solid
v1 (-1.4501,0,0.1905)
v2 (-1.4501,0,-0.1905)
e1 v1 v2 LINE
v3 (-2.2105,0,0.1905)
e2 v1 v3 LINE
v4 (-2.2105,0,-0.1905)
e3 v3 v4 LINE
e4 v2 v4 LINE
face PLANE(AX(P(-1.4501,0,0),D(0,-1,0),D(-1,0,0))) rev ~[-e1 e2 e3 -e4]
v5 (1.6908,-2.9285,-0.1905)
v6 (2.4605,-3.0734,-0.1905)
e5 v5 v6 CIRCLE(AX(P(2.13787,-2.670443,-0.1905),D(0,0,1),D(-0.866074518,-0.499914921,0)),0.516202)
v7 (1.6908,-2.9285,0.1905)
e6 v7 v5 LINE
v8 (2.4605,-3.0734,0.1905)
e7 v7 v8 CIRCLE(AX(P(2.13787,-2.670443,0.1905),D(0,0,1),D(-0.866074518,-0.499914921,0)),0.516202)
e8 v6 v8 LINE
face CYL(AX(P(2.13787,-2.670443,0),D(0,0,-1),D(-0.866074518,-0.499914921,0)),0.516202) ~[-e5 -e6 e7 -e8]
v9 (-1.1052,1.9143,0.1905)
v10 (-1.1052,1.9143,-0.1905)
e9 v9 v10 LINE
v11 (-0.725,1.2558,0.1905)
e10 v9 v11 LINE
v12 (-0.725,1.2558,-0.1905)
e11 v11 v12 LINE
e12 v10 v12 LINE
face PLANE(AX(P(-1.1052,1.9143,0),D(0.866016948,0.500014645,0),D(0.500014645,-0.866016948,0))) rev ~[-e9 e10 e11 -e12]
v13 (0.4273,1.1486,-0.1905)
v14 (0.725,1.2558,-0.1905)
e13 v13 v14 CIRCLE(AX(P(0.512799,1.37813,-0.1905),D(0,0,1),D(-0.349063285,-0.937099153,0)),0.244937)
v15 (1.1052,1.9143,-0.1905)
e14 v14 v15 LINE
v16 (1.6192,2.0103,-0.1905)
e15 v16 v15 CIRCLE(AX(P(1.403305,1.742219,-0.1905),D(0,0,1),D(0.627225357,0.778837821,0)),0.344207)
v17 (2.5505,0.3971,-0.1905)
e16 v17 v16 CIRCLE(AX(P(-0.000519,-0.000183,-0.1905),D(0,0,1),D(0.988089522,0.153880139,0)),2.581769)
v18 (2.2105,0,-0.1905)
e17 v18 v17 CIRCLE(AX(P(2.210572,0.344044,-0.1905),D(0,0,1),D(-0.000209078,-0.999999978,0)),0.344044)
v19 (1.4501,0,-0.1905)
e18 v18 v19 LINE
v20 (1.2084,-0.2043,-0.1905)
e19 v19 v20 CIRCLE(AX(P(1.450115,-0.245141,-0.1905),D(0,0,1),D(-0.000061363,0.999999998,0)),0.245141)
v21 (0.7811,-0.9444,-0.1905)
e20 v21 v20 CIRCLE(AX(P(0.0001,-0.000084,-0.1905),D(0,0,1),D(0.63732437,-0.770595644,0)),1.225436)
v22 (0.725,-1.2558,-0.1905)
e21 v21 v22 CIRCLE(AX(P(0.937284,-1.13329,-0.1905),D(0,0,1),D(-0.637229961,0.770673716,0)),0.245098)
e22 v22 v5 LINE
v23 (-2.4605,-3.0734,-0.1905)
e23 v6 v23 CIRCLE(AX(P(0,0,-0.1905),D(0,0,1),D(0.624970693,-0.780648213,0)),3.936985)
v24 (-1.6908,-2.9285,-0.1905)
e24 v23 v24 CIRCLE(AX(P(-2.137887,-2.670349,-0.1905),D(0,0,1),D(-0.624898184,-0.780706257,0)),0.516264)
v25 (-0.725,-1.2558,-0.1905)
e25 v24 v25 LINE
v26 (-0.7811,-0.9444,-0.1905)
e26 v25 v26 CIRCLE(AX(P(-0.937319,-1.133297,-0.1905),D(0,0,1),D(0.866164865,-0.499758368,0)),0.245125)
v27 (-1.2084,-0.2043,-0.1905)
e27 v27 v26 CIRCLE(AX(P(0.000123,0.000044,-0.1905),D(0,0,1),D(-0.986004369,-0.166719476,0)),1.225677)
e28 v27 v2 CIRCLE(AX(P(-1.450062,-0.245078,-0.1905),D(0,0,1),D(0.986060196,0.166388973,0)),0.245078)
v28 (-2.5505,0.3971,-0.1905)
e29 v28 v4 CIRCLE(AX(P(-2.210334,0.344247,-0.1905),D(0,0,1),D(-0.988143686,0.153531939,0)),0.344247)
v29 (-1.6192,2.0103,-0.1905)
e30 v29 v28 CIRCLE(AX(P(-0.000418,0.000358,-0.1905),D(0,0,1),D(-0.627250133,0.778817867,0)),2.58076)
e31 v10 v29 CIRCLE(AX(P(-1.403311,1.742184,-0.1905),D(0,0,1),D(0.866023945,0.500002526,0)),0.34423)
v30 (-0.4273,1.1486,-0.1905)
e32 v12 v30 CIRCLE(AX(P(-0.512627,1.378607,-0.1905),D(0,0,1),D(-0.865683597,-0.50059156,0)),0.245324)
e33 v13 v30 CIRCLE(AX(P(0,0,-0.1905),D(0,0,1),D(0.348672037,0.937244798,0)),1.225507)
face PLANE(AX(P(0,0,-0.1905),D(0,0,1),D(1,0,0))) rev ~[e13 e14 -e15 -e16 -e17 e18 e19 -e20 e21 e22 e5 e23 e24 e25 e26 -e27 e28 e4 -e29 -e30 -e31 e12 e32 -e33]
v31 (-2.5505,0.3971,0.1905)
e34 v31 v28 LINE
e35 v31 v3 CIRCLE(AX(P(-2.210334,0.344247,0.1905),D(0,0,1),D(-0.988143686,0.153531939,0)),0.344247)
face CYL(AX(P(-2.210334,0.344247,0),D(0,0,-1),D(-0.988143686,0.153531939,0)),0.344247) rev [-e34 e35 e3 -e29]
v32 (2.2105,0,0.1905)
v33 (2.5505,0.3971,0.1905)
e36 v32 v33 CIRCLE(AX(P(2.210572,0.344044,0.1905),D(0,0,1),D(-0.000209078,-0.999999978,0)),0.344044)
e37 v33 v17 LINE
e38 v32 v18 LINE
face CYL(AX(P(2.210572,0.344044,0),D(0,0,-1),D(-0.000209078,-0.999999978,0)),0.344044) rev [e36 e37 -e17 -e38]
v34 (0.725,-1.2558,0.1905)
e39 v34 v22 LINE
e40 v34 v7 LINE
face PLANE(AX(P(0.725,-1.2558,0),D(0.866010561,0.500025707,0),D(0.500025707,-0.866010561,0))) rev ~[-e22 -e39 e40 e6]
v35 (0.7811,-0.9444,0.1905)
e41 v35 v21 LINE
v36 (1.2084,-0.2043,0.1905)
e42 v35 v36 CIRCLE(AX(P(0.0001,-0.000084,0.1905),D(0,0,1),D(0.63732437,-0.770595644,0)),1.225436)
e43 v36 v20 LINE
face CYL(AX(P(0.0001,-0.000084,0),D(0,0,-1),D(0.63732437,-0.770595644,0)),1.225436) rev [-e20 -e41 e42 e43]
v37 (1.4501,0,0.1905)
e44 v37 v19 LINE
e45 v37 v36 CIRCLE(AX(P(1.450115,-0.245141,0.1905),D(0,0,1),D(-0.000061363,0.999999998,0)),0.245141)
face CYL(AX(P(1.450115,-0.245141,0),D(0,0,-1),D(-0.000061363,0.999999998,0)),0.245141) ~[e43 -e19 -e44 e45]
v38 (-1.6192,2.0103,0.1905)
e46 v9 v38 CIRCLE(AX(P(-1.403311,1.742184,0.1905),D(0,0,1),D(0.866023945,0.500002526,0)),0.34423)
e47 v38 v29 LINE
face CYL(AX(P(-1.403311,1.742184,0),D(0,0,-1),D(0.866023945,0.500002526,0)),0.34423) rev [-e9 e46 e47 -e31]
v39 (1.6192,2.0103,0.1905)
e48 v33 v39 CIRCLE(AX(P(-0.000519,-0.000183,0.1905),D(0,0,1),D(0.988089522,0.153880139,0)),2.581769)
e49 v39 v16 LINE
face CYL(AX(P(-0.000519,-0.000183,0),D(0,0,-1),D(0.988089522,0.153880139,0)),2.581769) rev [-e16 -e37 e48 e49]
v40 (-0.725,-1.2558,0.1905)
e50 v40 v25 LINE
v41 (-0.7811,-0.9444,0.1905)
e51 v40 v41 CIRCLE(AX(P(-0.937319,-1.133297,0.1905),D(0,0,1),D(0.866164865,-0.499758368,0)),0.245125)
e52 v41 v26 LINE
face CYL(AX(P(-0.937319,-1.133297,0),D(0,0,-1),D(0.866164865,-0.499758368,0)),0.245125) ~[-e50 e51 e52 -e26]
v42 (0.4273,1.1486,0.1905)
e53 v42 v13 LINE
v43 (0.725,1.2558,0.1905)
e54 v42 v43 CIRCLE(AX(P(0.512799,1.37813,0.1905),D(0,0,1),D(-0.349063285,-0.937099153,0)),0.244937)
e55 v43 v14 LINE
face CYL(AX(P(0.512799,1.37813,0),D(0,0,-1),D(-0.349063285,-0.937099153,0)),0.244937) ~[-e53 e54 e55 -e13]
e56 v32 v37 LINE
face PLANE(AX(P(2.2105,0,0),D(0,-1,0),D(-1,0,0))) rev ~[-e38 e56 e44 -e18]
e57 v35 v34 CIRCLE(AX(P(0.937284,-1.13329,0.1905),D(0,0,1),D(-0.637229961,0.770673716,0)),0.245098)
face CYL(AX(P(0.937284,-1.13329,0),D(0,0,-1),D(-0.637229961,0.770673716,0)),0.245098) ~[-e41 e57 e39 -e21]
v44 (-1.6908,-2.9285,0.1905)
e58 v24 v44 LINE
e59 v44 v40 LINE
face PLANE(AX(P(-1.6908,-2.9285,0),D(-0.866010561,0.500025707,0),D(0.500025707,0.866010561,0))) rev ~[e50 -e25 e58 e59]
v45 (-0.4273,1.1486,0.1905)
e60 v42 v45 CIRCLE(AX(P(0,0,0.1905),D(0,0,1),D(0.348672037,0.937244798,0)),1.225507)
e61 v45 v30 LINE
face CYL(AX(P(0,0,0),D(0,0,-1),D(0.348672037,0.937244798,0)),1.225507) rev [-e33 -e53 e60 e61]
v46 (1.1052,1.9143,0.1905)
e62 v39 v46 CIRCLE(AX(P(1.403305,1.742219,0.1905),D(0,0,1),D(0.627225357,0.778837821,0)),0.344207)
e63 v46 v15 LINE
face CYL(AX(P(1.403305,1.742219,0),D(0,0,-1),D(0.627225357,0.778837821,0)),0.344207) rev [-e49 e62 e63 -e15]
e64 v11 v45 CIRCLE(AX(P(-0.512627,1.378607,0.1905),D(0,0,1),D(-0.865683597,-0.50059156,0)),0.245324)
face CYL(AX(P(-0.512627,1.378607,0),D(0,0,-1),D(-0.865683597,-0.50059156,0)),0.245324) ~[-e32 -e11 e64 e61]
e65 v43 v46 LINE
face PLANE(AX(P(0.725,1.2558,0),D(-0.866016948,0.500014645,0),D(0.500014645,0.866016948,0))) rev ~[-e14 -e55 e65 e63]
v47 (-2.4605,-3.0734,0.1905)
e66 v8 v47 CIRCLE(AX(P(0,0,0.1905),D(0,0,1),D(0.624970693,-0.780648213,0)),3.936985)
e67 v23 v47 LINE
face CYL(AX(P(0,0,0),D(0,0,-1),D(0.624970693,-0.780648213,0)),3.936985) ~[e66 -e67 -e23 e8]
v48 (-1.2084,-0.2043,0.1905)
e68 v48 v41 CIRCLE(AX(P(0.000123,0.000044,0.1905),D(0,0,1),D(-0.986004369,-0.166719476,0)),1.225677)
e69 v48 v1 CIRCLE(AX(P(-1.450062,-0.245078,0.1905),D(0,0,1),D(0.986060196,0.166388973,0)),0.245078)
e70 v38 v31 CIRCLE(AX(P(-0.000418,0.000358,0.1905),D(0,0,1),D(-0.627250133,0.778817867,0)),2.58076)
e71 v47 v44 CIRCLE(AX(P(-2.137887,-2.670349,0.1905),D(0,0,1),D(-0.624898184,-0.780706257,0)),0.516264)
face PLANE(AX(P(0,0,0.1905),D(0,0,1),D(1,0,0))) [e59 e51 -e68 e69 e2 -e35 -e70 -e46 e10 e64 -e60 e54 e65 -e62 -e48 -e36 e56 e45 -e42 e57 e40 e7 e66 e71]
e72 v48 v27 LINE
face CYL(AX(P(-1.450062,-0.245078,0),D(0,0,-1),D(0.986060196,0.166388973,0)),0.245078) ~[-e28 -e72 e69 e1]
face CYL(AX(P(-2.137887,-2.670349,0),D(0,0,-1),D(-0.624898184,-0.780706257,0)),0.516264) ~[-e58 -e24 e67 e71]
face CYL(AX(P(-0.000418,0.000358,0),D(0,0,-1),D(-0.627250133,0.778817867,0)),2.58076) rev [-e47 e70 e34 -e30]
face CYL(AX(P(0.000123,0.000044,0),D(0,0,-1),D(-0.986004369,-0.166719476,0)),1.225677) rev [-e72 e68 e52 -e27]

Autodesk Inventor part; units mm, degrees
sketch "Sketch_1" plane through (0, 0, 0) normal (0, 0, 1) x (1, 0, 0)
  arc A0 (2.4605, -3.0734) -> (-2.4605, -3.0734) centre (0, 0) ccw
  arc A1 (-2.4605, -3.0734) -> (-1.6908, -2.9285) centre (-2.1379, -2.6704) ccw
  line L0 (-1.6908, -2.9285) -> (-0.725, -1.2558)
  arc A2 (-0.725, -1.2558) -> (-0.7811, -0.9444) centre (-0.9373, -1.1333) ccw
  arc A3 (-1.2084, -0.2043) -> (-0.7811, -0.9444) centre (0, 0) ccw
  arc A4 (-1.2084, -0.2043) -> (-1.4501, 0) centre (-1.4501, -0.2451) ccw
  line L1 (-1.4501, 0) -> (-2.2105, 0)
  arc A5 (-2.5505, 0.3971) -> (-2.2105, 0) centre (-2.2105, 0.3442) ccw
  arc A6 (-1.6192, 2.0103) -> (-2.5505, 0.3971) centre (0, 0) ccw
  arc A7 (-1.1052, 1.9143) -> (-1.6192, 2.0103) centre (-1.4033, 1.7422) ccw
  line L2 (-1.1052, 1.9143) -> (-0.725, 1.2558)
  arc A8 (-0.725, 1.2558) -> (-0.4273, 1.1486) centre (-0.5128, 1.3784) ccw
  arc A9 (0.4273, 1.1486) -> (-0.4273, 1.1486) centre (0, 0) ccw
  arc A10 (0.4273, 1.1486) -> (0.725, 1.2558) centre (0.5128, 1.3784) ccw
  line L3 (0.725, 1.2558) -> (1.1052, 1.9143)
  arc A11 (1.6192, 2.0103) -> (1.1052, 1.9143) centre (1.4033, 1.7422) ccw
  arc A12 (2.5505, 0.3971) -> (1.6192, 2.0103) centre (0, 0) ccw
  arc A13 (2.2105, 0) -> (2.5505, 0.3971) centre (2.2105, 0.3442) ccw
  line L4 (2.2105, 0) -> (1.4501, 0)
  arc A14 (1.4501, 0) -> (1.2084, -0.2043) centre (1.4501, -0.2451) ccw
  arc A15 (0.7811, -0.9444) -> (1.2084, -0.2043) centre (0, 0) ccw
  arc A16 (0.7811, -0.9444) -> (0.725, -1.2558) centre (0.9373, -1.1333) ccw
  line L5 (0.725, -1.2558) -> (1.6908, -2.9285)
  arc A17 (1.6908, -2.9285) -> (2.4605, -3.0734) centre (2.1379, -2.6704) ccw
extrude "Extrusion1" add sketch "Sketch_1" along normal mid plane 0.381
ref_plane "RR_XY" through (0, 0, 0) normal (0, 0, 1) x (1, 0, 0)
ref_plane "RR_YZ" through (0, 0, 0) normal (1, 0, 0) x (0, 1, 0)
ref_plane "RR_ZX" through (0, 0, 0) normal (0, 1, 0) x (0, 0, 1)
properties part number "D-25369"
